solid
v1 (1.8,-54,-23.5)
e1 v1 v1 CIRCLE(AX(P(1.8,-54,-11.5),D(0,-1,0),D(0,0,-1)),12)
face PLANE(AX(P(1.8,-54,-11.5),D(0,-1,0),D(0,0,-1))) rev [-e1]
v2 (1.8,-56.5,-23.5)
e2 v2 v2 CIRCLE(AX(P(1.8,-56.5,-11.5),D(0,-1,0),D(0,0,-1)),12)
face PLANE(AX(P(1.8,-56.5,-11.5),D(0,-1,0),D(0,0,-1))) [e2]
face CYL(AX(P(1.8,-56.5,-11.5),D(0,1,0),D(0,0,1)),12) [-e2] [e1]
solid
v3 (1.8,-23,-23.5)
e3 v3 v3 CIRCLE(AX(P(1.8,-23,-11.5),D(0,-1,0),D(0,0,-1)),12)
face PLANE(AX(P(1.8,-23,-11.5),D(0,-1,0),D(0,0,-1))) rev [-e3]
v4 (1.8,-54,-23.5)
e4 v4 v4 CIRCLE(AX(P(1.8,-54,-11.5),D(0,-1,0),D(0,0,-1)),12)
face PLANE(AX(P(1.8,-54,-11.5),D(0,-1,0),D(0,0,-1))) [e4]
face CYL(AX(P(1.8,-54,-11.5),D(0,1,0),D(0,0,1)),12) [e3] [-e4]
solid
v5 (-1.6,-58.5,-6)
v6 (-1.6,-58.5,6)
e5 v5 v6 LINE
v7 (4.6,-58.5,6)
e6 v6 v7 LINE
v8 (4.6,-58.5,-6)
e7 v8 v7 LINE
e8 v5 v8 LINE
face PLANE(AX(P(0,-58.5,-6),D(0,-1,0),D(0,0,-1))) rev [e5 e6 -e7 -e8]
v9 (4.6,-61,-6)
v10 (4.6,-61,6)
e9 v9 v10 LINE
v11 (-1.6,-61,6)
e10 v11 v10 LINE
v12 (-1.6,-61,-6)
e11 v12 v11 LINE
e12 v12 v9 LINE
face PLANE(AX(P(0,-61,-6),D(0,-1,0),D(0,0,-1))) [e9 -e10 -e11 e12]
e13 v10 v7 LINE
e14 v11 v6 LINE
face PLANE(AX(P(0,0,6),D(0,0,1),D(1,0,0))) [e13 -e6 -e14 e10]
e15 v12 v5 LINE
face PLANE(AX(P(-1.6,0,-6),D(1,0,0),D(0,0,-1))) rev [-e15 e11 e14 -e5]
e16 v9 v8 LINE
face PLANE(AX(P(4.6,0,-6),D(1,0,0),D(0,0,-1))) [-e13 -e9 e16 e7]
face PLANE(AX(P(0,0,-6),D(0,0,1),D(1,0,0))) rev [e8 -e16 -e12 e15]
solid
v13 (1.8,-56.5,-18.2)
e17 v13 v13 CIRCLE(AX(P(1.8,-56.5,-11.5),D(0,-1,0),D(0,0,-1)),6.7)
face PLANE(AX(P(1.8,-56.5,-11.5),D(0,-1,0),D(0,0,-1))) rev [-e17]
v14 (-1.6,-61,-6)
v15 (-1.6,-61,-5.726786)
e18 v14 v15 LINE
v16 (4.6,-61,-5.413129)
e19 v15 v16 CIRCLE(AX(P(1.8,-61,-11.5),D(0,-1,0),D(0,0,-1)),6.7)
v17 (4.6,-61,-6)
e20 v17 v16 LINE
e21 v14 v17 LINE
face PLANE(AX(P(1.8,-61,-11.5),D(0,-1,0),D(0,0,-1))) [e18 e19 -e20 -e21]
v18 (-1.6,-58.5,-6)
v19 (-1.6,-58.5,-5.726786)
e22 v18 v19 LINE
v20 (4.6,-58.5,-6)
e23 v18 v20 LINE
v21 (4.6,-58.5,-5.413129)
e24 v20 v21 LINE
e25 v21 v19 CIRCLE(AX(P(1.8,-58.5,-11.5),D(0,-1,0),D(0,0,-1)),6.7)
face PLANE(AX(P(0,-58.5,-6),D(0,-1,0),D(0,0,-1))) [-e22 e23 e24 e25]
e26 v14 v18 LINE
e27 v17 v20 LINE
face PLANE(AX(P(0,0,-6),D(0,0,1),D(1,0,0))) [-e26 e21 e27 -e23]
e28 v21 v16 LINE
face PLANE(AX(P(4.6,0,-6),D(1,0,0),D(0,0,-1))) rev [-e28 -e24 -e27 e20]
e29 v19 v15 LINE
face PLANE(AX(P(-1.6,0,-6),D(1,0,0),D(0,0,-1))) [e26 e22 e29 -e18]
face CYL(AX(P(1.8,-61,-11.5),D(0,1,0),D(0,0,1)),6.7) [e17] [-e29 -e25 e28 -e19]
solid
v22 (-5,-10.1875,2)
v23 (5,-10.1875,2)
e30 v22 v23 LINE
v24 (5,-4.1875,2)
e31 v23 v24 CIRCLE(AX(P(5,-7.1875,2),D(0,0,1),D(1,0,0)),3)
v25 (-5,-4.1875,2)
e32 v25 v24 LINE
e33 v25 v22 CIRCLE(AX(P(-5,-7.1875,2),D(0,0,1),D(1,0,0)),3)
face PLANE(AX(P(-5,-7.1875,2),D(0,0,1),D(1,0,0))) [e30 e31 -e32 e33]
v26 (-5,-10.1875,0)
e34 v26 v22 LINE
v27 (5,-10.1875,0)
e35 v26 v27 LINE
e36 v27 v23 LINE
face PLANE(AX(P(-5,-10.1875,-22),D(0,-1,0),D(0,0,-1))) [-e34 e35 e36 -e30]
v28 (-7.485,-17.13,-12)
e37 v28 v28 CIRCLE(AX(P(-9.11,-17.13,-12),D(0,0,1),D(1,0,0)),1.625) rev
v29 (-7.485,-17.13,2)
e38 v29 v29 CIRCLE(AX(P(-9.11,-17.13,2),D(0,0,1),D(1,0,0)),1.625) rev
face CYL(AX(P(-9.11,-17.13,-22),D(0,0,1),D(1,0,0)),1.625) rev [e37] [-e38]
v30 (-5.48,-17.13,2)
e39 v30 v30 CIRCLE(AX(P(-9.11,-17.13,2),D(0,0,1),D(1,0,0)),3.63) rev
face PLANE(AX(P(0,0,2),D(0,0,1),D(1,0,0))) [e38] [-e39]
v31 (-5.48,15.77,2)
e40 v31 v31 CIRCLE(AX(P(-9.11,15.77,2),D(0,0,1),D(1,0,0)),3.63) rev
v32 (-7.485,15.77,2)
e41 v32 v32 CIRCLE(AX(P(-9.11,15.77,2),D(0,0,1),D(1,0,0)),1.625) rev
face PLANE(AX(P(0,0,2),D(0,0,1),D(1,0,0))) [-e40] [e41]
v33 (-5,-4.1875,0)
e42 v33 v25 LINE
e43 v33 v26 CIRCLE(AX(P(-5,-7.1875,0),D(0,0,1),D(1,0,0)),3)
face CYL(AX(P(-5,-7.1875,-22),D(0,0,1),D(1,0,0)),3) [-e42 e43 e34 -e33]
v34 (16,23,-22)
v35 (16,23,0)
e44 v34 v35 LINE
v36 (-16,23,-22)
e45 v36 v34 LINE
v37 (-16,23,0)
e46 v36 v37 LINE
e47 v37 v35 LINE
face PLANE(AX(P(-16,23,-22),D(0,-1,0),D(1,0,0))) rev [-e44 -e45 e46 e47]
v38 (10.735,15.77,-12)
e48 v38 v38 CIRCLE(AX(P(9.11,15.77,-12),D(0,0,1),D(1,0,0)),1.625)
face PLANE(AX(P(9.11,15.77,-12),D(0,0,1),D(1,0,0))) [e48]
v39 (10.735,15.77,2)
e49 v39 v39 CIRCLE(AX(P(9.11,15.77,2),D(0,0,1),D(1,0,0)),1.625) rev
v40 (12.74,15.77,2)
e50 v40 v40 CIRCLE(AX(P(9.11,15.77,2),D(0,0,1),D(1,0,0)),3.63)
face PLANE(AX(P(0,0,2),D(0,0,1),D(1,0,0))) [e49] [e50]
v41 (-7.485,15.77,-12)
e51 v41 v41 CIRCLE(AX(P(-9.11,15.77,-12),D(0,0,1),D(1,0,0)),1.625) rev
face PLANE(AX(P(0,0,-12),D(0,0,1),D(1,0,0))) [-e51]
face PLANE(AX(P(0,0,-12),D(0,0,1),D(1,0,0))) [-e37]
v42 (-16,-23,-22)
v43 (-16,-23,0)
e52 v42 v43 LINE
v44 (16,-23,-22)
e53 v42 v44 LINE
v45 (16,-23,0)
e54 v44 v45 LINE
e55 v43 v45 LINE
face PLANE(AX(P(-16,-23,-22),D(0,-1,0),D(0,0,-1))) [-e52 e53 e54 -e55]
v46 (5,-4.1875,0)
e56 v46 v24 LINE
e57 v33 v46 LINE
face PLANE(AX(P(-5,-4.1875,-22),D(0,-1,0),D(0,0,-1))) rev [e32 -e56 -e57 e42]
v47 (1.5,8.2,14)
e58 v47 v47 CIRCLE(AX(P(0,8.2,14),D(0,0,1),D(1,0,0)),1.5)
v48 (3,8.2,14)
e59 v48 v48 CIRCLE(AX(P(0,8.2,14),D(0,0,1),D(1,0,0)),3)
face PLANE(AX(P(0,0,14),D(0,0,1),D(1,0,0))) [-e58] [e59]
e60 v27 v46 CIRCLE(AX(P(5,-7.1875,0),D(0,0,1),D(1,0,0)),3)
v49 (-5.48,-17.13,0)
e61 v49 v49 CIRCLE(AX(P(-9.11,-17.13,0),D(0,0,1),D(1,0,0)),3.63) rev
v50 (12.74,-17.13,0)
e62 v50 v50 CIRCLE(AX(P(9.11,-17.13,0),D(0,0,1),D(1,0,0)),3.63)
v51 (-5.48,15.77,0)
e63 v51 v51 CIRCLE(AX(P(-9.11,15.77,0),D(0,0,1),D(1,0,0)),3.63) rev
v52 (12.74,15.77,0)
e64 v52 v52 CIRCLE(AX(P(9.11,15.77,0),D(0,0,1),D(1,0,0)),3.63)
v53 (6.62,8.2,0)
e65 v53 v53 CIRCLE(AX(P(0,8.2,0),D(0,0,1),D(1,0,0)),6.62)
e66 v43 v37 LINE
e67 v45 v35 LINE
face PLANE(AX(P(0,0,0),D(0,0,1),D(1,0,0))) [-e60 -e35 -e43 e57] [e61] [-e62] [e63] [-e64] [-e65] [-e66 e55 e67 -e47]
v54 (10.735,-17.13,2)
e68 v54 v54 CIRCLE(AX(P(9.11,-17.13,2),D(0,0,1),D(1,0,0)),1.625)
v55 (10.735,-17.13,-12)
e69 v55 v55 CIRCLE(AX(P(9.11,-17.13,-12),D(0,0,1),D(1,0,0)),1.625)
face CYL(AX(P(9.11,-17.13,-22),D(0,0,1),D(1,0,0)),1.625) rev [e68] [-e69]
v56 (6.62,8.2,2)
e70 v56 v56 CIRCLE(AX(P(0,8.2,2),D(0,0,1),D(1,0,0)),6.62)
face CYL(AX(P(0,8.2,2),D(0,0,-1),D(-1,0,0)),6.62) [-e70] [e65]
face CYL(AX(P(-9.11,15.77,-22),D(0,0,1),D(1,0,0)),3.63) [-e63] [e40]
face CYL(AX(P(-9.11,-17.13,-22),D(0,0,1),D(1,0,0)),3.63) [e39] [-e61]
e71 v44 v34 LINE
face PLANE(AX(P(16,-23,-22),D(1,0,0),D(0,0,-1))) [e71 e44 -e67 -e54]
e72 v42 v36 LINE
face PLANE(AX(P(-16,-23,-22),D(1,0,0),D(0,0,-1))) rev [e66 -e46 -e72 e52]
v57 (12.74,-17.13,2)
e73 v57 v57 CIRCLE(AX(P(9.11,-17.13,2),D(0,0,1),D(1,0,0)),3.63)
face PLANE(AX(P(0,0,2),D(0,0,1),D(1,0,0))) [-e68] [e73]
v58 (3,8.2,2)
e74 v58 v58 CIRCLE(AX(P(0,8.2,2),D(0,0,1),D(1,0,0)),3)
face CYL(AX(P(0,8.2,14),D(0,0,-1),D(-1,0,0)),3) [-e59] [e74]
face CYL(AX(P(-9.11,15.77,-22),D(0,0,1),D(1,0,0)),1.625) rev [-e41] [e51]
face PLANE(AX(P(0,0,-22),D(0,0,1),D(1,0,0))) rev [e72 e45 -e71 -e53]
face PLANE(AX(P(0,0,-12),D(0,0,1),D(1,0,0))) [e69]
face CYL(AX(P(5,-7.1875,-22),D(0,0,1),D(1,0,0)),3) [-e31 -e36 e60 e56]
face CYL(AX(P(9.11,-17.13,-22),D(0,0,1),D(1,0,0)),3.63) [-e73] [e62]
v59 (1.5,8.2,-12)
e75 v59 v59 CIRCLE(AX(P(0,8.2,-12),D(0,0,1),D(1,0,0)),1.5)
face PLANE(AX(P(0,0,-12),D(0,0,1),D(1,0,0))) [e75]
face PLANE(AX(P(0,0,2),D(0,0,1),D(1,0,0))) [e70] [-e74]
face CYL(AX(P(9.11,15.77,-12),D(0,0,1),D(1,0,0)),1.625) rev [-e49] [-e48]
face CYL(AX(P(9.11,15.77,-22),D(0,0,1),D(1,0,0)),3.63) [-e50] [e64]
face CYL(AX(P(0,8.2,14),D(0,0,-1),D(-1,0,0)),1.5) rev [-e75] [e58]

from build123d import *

# Parameters (mm, degrees)
SKETCH1_W                = 32
SKETCH1_H                = 46
SKETCH1_R                = 3.63
BOSS_EXTRUDE1_DEPTH      = 22
BOSS_EXTRUDE2_DEPTH      = 2
BOSS_EXTRUDE2_DEPTH_BACK = 22
SKETCH1_3_R              = 3.63
SKETCH1_3_R_2            = 1.625
SKETCH1_4_R              = 3
SKETCH1_4_R_2            = 1.5
BOSS_EXTRUDE3_DEPTH      = 14
SKETCH1_5_R              = 6.62
SKETCH1_5_R_2            = 3
BOSS_EXTRUDE4_DEPTH      = 2
CUT_EXTRUDE1_START       = -12
SKETCH1_6_R              = 1.625
SKETCH1_6_R_2            = 1.5
CUT_EXTRUDE1_DEPTH       = 12
CUT_EXTRUDE2_DEPTH       = 12
CUT_EXTRUDE2_DEPTH_BACK  = 12
SKETCH1_7_R              = 1.625
SKETCH2_R                = 12
BOSS_EXTRUDE5_DEPTH      = 31
SKETCH3_R                = 12
BOSS_EXTRUDE6_DEPTH      = 2.5
SKETCH4_R                = 6.7
BOSS_EXTRUDE7_DEPTH      = 4.5
SKETCH5_W                = 1.6
SKETCH5_H                = 2.5
SKETCH5_W_2              = 1.2
SKETCH5_W_3              = 1
CUT_EXTRUDE4_DEPTH       = 6
BOSS_EXTRUDE9_DEPTH      = 6
BOSS_EXTRUDE9_DEPTH_BACK = 6
SKETCH5_4_W              = 1.2
SKETCH5_4_H              = 2.5
SKETCH5_4_W_2            = 1
SKETCH5_4_W_3            = 1.6


with BuildPart() as part:
    # Sketch1 → Boss-Extrude1 (new body)
    with BuildSketch(Plane.XY):
        Rectangle(SKETCH1_W, SKETCH1_H)
        with Locations((9.11, 15.77)):
            Circle(SKETCH1_R, mode=Mode.SUBTRACT)
        with BuildLine():
            Line((-5, -4.1875), (5, -4.1875))
            ThreePointArc((5, -4.1875), (8, -7.1875), (5, -10.1875))
            Line((5, -10.1875), (-5, -10.1875))
            ThreePointArc((-5, -10.1875), (-8, -7.1875), (-5, -4.1875))
        make_face(mode=Mode.SUBTRACT)
    extrude(amount=-BOSS_EXTRUDE1_DEPTH)

    # Sketch1<3> → Boss-Extrude2 (add, two sides: drawn at the far end of the back side and taken through both)
    # profile 1 of 5: a face of its own
    with BuildSketch(Plane.XY.offset(-BOSS_EXTRUDE2_DEPTH_BACK)):
        with Locations((9.11, 15.77)):
            Circle(SKETCH1_3_R)
    # profile 2 of 5: a face of its own
    with BuildSketch(Plane.XY.offset(-BOSS_EXTRUDE2_DEPTH_BACK)):
        with Locations((9.11, -17.13)):
            Circle(SKETCH1_3_R)
        with Locations((9.11, -17.13)):
            Circle(SKETCH1_3_R_2, mode=Mode.SUBTRACT)
    # profile 3 of 5: a face of its own
    with BuildSketch(Plane.XY.offset(-BOSS_EXTRUDE2_DEPTH_BACK)):
        with Locations((-9.11, -17.13)):
            Circle(SKETCH1_3_R)
        with Locations((-9.11, -17.13)):
            Circle(SKETCH1_3_R_2, mode=Mode.SUBTRACT)
    # profile 4 of 5: a face of its own
    with BuildSketch(Plane.XY.offset(-BOSS_EXTRUDE2_DEPTH_BACK)):
        with Locations((-9.11, 15.77)):
            Circle(SKETCH1_3_R)
        with Locations((-9.11, 15.77)):
            Circle(SKETCH1_3_R_2, mode=Mode.SUBTRACT)
    # profile 5 of 5: a face of its own
    with BuildSketch(Plane.XY.offset(-BOSS_EXTRUDE2_DEPTH_BACK)):
        with BuildLine():
            Line((-5, -4.1875), (5, -4.1875))
            ThreePointArc((5, -4.1875), (8, -7.1875), (5, -10.1875))
            Line((5, -10.1875), (-5, -10.1875))
            ThreePointArc((-5, -10.1875), (-8, -7.1875), (-5, -4.1875))
        make_face()
    extrude(amount=BOSS_EXTRUDE2_DEPTH + BOSS_EXTRUDE2_DEPTH_BACK)

    # Sketch1<4> → Boss-Extrude3 (add)
    with BuildSketch(Plane.XY):
        with Locations((0, 8.2)):
            Circle(SKETCH1_4_R)
        with Locations((0, 8.2)):
            Circle(SKETCH1_4_R_2, mode=Mode.SUBTRACT)
    extrude(amount=BOSS_EXTRUDE3_DEPTH)

    # Sketch1<5> → Boss-Extrude4 (add)
    with BuildSketch(Plane.XY):
        with Locations((0, 8.2)):
            Circle(SKETCH1_5_R)
        with Locations((0, 8.2)):
            Circle(SKETCH1_5_R_2, mode=Mode.SUBTRACT)
    extrude(amount=BOSS_EXTRUDE4_DEPTH)

    # Sketch1<6> → Cut-Extrude1 (cut)
    with BuildSketch(Plane.XY.offset(CUT_EXTRUDE1_START)):
        with Locations((-9.11, 15.77)):
            Circle(SKETCH1_6_R)
        with Locations((0, 8.2)):
            Circle(SKETCH1_6_R_2)
        with Locations((-9.11, -17.13)):
            Circle(SKETCH1_6_R)
        with Locations((9.11, -17.13)):
            Circle(SKETCH1_6_R)
        with Locations((9.11, 15.77)):
            Circle(SKETCH1_6_R)
    extrude(amount=CUT_EXTRUDE1_DEPTH, mode=Mode.SUBTRACT)

    # Sketch1<7> → Cut-Extrude2 (cut, two sides: drawn at the far end of the back side and taken through both)
    with BuildSketch(Plane.XY.offset(-CUT_EXTRUDE2_DEPTH_BACK)):
        with Locations((9.11, 15.77)):
            Circle(SKETCH1_7_R)
    extrude(amount=CUT_EXTRUDE2_DEPTH + CUT_EXTRUDE2_DEPTH_BACK, mode=Mode.SUBTRACT)


with BuildPart() as body_2:
    # Sketch2 → Boss-Extrude5 (new body)
    with BuildSketch(Plane.XZ.offset(23)):
        with Locations(Location((1.8, -11.5, 0), (0, 0, 270))):
            Circle(SKETCH2_R)
    extrude(amount=BOSS_EXTRUDE5_DEPTH)


with BuildPart() as body_3:
    # Sketch3 → Boss-Extrude6 (new body)
    with BuildSketch(Plane.XZ.offset(54)):
        with Locations(Location((1.8, -11.5, 0), (0, 0, 270))):
            Circle(SKETCH3_R)
    extrude(amount=BOSS_EXTRUDE6_DEPTH)


with BuildPart() as body_4:
    # Sketch4 → Boss-Extrude7 (new body)
    with BuildSketch(Plane.XZ.offset(56.5)):
        with Locations(Location((1.8, -11.5, 0), (0, 0, 270))):
            Circle(SKETCH4_R)
    extrude(amount=BOSS_EXTRUDE7_DEPTH)

    # Sketch5 → Cut-Extrude4 (cut)
    with BuildSketch(Plane.XY):
        with Locations((3.8, -59.75)):
            Rectangle(SKETCH5_W, SKETCH5_H)
        with Locations((2.4, -59.75)):
            Rectangle(SKETCH5_W_2, SKETCH5_H)
        with Locations((1.3, -59.75)):
            Rectangle(SKETCH5_W_3, SKETCH5_H)
        with Locations((0.2, -59.75)):
            Rectangle(SKETCH5_W_2, SKETCH5_H)
        with Locations((-1, -59.75)):
            Rectangle(SKETCH5_W_2, SKETCH5_H)
    extrude(amount=-CUT_EXTRUDE4_DEPTH, mode=Mode.SUBTRACT)


with BuildPart() as body_5:
    # Sketch5<4> → Boss-Extrude9 (new, two sides: drawn at the far end of the back side and taken through both)
    with BuildSketch(Plane.XY.offset(-BOSS_EXTRUDE9_DEPTH_BACK)):
        with Locations((-1, -59.75)):
            Rectangle(SKETCH5_4_W, SKETCH5_4_H)
        with Locations((0.2, -59.75)):
            Rectangle(SKETCH5_4_W, SKETCH5_4_H)
        with Locations((1.3, -59.75)):
            Rectangle(SKETCH5_4_W_2, SKETCH5_4_H)
        with Locations((2.4, -59.75)):
            Rectangle(SKETCH5_4_W, SKETCH5_4_H)
        with Locations((3.8, -59.75)):
            Rectangle(SKETCH5_4_W_3, SKETCH5_4_H)
    extrude(amount=BOSS_EXTRUDE9_DEPTH + BOSS_EXTRUDE9_DEPTH_BACK)


solid = Compound([part.part, body_2.part, body_3.part, body_4.part, body_5.part])
